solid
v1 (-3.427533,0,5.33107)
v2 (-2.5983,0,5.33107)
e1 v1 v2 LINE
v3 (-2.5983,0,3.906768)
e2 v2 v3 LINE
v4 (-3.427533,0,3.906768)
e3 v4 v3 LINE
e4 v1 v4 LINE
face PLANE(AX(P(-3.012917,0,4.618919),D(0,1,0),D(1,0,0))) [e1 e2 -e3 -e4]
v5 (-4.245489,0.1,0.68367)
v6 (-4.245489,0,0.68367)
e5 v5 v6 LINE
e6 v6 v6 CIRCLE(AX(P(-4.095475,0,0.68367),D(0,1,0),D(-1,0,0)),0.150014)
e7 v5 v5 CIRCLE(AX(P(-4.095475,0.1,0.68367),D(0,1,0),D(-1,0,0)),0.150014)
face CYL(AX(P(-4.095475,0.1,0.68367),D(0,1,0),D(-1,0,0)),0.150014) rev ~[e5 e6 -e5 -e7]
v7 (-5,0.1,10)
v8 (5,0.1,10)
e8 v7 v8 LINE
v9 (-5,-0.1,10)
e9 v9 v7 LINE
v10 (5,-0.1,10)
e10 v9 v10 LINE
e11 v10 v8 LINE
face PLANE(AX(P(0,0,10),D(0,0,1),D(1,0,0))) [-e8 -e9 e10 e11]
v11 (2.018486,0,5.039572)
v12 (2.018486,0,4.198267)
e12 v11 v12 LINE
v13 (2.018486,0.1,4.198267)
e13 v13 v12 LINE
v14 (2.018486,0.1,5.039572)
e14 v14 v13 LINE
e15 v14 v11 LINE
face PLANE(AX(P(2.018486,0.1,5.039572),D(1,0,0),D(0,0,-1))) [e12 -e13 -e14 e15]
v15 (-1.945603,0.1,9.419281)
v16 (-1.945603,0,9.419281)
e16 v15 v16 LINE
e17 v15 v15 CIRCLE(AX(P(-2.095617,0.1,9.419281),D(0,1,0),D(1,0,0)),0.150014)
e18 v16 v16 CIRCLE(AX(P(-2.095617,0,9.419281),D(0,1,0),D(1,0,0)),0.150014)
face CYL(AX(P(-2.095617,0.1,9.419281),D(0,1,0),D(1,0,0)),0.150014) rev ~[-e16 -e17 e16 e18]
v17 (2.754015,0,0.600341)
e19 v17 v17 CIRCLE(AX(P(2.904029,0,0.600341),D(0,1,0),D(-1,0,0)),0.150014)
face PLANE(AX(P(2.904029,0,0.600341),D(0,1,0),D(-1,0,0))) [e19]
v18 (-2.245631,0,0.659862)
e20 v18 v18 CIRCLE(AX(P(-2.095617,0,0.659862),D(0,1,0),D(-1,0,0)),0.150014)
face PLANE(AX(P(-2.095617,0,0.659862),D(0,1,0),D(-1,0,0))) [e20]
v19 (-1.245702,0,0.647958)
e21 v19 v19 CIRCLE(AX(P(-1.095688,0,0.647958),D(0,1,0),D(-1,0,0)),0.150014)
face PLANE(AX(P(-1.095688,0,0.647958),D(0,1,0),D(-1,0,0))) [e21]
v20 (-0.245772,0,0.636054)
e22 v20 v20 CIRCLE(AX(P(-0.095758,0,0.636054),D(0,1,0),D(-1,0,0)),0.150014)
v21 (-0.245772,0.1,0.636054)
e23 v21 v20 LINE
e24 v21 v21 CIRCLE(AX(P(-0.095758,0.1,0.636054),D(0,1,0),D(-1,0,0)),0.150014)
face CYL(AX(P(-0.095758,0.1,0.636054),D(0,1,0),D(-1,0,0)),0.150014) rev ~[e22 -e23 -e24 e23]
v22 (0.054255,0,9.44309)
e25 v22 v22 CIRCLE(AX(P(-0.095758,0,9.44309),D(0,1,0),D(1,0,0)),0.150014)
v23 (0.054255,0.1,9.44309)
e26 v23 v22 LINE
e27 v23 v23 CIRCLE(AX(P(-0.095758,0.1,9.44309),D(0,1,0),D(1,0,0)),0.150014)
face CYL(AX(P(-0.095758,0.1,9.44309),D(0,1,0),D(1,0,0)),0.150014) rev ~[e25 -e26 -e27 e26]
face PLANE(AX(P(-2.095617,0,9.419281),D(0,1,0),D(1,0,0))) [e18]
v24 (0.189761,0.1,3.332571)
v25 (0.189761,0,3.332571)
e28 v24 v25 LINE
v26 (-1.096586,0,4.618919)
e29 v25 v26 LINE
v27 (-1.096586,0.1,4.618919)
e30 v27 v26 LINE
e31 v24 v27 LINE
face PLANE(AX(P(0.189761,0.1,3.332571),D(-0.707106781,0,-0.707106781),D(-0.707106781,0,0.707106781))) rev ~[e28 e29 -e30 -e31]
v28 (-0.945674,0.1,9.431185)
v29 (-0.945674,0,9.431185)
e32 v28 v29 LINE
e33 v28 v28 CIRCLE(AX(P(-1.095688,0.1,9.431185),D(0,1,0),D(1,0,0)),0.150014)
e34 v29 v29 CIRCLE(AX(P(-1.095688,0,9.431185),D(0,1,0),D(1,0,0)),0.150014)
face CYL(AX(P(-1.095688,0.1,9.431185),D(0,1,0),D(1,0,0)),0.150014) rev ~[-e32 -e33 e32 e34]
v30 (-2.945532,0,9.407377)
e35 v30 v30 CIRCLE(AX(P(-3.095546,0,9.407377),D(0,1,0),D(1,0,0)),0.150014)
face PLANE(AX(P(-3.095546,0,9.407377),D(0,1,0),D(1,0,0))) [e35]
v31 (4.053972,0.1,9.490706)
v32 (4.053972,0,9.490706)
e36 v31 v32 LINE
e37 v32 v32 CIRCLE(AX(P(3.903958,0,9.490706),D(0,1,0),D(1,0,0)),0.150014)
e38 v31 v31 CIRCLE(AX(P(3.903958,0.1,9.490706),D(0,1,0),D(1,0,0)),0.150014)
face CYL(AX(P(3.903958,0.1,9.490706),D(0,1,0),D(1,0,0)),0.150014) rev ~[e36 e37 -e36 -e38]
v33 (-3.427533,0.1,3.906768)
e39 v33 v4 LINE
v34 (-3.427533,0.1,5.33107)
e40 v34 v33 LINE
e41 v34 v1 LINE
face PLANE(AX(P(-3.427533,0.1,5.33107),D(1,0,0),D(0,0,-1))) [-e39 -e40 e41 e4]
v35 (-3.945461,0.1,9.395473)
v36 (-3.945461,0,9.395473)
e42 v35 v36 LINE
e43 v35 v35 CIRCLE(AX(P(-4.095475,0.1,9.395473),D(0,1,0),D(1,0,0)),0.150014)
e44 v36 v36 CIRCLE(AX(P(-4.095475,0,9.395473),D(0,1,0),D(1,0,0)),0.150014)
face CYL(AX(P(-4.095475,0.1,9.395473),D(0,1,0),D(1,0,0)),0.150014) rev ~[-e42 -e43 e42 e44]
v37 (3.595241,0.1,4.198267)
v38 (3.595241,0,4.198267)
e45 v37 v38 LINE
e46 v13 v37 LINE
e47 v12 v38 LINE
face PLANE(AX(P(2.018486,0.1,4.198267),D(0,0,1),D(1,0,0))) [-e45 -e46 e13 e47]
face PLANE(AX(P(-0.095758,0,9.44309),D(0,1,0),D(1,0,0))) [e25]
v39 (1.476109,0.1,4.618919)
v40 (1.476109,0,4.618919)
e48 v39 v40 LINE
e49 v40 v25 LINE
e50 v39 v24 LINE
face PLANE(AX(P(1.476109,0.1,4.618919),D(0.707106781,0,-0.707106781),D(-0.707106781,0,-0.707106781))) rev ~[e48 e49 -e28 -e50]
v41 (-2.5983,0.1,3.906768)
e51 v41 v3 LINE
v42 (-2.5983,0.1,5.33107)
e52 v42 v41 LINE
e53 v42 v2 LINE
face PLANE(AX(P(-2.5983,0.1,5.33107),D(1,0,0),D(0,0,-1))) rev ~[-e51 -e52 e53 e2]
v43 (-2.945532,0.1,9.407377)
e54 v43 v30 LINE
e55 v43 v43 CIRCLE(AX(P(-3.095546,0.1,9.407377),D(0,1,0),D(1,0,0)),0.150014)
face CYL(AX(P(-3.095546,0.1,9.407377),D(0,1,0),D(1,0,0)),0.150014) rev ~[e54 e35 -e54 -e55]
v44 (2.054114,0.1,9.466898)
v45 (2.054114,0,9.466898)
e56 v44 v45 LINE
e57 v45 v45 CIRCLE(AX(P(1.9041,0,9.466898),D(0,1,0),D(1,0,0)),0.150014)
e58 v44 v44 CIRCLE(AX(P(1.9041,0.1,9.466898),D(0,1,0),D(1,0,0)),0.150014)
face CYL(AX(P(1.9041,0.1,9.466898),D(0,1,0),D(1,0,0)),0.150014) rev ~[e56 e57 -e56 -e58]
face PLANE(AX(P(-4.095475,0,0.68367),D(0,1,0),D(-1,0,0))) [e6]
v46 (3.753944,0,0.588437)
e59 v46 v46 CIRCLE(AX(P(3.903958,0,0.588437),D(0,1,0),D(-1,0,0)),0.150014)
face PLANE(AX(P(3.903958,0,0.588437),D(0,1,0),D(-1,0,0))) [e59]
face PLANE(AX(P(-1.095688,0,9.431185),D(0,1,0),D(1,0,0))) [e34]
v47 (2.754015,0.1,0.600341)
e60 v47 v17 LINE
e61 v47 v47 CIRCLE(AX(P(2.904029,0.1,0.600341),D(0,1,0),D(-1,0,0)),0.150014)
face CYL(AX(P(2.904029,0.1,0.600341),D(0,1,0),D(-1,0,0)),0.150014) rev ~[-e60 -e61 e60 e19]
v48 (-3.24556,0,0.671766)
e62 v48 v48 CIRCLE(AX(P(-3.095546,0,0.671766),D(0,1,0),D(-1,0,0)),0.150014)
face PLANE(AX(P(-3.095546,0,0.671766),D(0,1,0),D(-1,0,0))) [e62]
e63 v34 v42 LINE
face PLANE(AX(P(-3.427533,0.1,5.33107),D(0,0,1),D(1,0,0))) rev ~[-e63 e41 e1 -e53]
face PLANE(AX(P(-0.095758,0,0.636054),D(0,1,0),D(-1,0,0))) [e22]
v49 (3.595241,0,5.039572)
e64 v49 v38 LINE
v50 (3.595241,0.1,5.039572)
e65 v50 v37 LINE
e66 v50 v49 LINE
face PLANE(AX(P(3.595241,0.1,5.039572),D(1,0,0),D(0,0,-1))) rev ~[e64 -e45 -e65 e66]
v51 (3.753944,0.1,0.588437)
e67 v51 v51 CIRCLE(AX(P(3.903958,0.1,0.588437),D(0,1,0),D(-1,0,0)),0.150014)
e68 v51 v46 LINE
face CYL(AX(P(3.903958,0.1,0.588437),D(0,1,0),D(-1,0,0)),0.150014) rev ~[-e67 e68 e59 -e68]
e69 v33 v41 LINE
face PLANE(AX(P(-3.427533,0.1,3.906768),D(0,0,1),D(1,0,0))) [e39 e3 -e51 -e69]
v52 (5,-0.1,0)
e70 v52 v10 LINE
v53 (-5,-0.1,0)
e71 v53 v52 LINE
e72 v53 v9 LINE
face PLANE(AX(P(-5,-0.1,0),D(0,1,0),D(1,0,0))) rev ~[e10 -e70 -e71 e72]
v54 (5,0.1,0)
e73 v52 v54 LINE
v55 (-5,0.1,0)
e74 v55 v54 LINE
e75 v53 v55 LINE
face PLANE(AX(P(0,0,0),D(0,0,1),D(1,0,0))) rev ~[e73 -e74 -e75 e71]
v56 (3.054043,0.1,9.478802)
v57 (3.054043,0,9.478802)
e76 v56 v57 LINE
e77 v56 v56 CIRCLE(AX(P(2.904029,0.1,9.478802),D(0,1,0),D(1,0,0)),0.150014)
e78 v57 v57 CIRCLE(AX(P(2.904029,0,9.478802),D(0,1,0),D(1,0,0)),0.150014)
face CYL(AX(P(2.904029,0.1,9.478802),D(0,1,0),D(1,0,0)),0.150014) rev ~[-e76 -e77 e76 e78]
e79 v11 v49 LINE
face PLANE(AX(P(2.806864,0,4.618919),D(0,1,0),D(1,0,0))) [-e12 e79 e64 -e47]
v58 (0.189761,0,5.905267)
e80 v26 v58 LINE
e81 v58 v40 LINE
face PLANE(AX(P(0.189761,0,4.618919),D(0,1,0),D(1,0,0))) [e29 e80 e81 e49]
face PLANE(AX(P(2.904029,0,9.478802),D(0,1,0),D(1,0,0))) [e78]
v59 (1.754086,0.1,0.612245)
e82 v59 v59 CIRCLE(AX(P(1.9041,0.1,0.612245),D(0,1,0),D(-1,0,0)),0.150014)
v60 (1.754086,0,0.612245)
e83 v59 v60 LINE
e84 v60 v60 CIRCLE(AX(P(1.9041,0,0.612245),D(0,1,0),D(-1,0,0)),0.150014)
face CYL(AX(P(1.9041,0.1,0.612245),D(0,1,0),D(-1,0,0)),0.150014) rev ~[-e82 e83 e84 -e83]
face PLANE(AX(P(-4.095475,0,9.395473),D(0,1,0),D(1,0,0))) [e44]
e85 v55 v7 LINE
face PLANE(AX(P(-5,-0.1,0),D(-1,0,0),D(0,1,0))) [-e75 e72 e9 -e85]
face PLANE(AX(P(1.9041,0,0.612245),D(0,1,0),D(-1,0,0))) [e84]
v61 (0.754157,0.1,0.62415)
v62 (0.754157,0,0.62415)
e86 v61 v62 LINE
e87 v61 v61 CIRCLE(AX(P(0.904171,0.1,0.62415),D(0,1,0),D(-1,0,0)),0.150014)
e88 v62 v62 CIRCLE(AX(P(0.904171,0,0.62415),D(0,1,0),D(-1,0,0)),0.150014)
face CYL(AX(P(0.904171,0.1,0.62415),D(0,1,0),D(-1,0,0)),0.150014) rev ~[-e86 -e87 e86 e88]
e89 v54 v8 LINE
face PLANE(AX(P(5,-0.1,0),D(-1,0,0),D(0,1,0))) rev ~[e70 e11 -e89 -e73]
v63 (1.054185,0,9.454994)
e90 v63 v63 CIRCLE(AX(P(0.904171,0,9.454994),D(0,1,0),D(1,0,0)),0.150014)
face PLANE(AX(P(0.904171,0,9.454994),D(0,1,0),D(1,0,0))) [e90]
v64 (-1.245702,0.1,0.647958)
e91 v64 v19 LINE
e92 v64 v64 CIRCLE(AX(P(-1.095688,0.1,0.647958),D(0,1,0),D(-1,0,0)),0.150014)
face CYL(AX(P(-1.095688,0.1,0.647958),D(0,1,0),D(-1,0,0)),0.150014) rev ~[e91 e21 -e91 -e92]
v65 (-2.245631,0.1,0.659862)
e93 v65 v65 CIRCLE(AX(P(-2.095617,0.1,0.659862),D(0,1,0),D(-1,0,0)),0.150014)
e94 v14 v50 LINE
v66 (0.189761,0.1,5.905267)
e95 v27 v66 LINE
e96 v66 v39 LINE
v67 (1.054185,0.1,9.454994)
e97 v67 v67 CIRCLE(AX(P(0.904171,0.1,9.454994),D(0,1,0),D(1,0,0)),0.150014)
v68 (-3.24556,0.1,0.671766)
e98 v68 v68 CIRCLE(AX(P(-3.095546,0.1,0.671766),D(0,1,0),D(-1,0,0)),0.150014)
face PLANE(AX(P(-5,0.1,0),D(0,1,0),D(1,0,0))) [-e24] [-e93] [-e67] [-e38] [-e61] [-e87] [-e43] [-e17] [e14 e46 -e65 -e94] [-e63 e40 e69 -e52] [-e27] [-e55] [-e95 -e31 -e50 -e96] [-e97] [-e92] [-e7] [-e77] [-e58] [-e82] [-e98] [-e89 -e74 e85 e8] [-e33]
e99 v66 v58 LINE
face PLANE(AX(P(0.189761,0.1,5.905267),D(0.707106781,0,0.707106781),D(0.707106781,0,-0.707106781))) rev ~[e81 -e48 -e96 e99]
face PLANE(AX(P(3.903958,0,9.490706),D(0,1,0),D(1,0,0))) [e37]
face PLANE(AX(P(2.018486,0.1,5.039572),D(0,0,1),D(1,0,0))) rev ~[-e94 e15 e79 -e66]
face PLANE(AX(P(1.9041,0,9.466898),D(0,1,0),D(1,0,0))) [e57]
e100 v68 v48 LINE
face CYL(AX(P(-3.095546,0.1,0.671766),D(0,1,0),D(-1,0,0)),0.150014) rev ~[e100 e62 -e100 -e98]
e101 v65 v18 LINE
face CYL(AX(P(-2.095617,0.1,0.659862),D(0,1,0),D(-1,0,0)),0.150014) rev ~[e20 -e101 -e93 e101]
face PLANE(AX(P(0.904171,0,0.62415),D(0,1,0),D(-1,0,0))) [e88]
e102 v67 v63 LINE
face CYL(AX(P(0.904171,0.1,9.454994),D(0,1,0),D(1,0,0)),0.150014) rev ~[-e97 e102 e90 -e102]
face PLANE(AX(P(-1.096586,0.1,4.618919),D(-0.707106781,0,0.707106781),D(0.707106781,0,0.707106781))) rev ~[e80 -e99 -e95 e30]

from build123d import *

# Parameters (mm, degrees)
SKETCH1_W           = 10
SKETCH1_H           = 0.2
BOSS_EXTRUDE1_DEPTH = 10
SKETCH2_R           = 0.150013962
SKETCH2_W           = 0.829232584
SKETCH2_H           = 1.424301619
SKETCH2_W_2         = 1.576755533
SKETCH2_H_2         = 0.841304981
CUT_EXTRUDE1_DEPTH  = 0.1


with BuildPart() as part:
    # Sketch1 → Boss-Extrude1 (new body)
    with BuildSketch(Plane.XY):
        Rectangle(SKETCH1_W, SKETCH1_H)
    extrude(amount=BOSS_EXTRUDE1_DEPTH)

    # Sketch2 → Cut-Extrude1 (cut)
    with BuildSketch(Plane(origin=(0, 0.1, 0), x_dir=(1, 0, 0), z_dir=(0, 1, 0))):
        with Locations(Location((3.903958112, -0.58843737, 0), (0, 0, 180))):
            Circle(SKETCH2_R)
        with Locations(Location((2.904028968, -0.600341426, 0), (0, 0, 180))):
            Circle(SKETCH2_R)
        with Locations(Location((1.904099824, -0.612245481, 0), (0, 0, 180))):
            Circle(SKETCH2_R)
        with Locations(Location((0.904170679, -0.624149537, 0), (0, 0, 180))):
            Circle(SKETCH2_R)
        with Locations(Location((-0.095758465, -0.636053593, 0), (0, 0, 180))):
            Circle(SKETCH2_R)
        with Locations(Location((-1.095687609, -0.647957649, 0), (0, 0, 180))):
            Circle(SKETCH2_R)
        with Locations(Location((-2.095616753, -0.659861704, 0), (0, 0, 180))):
            Circle(SKETCH2_R)
        with Locations(Location((-3.095545897, -0.67176576, 0), (0, 0, 180))):
            Circle(SKETCH2_R)
        with Locations(Location((-4.095475042, -0.683669816, 0), (0, 0, 180))):
            Circle(SKETCH2_R)
        with Locations((-4.095475042, -9.395473292)):
            Circle(SKETCH2_R)
        with Locations((-3.095545897, -9.407377347)):
            Circle(SKETCH2_R)
        with Locations((-2.095616753, -9.419281403)):
            Circle(SKETCH2_R)
        with Locations((-1.095687609, -9.431185459)):
            Circle(SKETCH2_R)
        with Locations((0.904170679, -9.45499357)):
            Circle(SKETCH2_R)
        with Locations((-0.095758465, -9.443089515)):
            Circle(SKETCH2_R)
        with Locations((1.904099824, -9.466897626)):
            Circle(SKETCH2_R)
        with Locations((2.904028968, -9.478801682)):
            Circle(SKETCH2_R)
        with Locations((3.903958112, -9.490705738)):
            Circle(SKETCH2_R)
        Polygon((1.476108968, -4.618919063), (0.189761323, -3.332571418), (-1.096586323, -4.618919063), (0.189761323, -5.905266709), align=None)
        with Locations((-3.012916665, -4.618919063)):
            Rectangle(SKETCH2_W, SKETCH2_H)
        with Locations((2.806863526, -4.618919063)):
            Rectangle(SKETCH2_W_2, SKETCH2_H_2)
    extrude(amount=-CUT_EXTRUDE1_DEPTH, mode=Mode.SUBTRACT)


solid = part.part
